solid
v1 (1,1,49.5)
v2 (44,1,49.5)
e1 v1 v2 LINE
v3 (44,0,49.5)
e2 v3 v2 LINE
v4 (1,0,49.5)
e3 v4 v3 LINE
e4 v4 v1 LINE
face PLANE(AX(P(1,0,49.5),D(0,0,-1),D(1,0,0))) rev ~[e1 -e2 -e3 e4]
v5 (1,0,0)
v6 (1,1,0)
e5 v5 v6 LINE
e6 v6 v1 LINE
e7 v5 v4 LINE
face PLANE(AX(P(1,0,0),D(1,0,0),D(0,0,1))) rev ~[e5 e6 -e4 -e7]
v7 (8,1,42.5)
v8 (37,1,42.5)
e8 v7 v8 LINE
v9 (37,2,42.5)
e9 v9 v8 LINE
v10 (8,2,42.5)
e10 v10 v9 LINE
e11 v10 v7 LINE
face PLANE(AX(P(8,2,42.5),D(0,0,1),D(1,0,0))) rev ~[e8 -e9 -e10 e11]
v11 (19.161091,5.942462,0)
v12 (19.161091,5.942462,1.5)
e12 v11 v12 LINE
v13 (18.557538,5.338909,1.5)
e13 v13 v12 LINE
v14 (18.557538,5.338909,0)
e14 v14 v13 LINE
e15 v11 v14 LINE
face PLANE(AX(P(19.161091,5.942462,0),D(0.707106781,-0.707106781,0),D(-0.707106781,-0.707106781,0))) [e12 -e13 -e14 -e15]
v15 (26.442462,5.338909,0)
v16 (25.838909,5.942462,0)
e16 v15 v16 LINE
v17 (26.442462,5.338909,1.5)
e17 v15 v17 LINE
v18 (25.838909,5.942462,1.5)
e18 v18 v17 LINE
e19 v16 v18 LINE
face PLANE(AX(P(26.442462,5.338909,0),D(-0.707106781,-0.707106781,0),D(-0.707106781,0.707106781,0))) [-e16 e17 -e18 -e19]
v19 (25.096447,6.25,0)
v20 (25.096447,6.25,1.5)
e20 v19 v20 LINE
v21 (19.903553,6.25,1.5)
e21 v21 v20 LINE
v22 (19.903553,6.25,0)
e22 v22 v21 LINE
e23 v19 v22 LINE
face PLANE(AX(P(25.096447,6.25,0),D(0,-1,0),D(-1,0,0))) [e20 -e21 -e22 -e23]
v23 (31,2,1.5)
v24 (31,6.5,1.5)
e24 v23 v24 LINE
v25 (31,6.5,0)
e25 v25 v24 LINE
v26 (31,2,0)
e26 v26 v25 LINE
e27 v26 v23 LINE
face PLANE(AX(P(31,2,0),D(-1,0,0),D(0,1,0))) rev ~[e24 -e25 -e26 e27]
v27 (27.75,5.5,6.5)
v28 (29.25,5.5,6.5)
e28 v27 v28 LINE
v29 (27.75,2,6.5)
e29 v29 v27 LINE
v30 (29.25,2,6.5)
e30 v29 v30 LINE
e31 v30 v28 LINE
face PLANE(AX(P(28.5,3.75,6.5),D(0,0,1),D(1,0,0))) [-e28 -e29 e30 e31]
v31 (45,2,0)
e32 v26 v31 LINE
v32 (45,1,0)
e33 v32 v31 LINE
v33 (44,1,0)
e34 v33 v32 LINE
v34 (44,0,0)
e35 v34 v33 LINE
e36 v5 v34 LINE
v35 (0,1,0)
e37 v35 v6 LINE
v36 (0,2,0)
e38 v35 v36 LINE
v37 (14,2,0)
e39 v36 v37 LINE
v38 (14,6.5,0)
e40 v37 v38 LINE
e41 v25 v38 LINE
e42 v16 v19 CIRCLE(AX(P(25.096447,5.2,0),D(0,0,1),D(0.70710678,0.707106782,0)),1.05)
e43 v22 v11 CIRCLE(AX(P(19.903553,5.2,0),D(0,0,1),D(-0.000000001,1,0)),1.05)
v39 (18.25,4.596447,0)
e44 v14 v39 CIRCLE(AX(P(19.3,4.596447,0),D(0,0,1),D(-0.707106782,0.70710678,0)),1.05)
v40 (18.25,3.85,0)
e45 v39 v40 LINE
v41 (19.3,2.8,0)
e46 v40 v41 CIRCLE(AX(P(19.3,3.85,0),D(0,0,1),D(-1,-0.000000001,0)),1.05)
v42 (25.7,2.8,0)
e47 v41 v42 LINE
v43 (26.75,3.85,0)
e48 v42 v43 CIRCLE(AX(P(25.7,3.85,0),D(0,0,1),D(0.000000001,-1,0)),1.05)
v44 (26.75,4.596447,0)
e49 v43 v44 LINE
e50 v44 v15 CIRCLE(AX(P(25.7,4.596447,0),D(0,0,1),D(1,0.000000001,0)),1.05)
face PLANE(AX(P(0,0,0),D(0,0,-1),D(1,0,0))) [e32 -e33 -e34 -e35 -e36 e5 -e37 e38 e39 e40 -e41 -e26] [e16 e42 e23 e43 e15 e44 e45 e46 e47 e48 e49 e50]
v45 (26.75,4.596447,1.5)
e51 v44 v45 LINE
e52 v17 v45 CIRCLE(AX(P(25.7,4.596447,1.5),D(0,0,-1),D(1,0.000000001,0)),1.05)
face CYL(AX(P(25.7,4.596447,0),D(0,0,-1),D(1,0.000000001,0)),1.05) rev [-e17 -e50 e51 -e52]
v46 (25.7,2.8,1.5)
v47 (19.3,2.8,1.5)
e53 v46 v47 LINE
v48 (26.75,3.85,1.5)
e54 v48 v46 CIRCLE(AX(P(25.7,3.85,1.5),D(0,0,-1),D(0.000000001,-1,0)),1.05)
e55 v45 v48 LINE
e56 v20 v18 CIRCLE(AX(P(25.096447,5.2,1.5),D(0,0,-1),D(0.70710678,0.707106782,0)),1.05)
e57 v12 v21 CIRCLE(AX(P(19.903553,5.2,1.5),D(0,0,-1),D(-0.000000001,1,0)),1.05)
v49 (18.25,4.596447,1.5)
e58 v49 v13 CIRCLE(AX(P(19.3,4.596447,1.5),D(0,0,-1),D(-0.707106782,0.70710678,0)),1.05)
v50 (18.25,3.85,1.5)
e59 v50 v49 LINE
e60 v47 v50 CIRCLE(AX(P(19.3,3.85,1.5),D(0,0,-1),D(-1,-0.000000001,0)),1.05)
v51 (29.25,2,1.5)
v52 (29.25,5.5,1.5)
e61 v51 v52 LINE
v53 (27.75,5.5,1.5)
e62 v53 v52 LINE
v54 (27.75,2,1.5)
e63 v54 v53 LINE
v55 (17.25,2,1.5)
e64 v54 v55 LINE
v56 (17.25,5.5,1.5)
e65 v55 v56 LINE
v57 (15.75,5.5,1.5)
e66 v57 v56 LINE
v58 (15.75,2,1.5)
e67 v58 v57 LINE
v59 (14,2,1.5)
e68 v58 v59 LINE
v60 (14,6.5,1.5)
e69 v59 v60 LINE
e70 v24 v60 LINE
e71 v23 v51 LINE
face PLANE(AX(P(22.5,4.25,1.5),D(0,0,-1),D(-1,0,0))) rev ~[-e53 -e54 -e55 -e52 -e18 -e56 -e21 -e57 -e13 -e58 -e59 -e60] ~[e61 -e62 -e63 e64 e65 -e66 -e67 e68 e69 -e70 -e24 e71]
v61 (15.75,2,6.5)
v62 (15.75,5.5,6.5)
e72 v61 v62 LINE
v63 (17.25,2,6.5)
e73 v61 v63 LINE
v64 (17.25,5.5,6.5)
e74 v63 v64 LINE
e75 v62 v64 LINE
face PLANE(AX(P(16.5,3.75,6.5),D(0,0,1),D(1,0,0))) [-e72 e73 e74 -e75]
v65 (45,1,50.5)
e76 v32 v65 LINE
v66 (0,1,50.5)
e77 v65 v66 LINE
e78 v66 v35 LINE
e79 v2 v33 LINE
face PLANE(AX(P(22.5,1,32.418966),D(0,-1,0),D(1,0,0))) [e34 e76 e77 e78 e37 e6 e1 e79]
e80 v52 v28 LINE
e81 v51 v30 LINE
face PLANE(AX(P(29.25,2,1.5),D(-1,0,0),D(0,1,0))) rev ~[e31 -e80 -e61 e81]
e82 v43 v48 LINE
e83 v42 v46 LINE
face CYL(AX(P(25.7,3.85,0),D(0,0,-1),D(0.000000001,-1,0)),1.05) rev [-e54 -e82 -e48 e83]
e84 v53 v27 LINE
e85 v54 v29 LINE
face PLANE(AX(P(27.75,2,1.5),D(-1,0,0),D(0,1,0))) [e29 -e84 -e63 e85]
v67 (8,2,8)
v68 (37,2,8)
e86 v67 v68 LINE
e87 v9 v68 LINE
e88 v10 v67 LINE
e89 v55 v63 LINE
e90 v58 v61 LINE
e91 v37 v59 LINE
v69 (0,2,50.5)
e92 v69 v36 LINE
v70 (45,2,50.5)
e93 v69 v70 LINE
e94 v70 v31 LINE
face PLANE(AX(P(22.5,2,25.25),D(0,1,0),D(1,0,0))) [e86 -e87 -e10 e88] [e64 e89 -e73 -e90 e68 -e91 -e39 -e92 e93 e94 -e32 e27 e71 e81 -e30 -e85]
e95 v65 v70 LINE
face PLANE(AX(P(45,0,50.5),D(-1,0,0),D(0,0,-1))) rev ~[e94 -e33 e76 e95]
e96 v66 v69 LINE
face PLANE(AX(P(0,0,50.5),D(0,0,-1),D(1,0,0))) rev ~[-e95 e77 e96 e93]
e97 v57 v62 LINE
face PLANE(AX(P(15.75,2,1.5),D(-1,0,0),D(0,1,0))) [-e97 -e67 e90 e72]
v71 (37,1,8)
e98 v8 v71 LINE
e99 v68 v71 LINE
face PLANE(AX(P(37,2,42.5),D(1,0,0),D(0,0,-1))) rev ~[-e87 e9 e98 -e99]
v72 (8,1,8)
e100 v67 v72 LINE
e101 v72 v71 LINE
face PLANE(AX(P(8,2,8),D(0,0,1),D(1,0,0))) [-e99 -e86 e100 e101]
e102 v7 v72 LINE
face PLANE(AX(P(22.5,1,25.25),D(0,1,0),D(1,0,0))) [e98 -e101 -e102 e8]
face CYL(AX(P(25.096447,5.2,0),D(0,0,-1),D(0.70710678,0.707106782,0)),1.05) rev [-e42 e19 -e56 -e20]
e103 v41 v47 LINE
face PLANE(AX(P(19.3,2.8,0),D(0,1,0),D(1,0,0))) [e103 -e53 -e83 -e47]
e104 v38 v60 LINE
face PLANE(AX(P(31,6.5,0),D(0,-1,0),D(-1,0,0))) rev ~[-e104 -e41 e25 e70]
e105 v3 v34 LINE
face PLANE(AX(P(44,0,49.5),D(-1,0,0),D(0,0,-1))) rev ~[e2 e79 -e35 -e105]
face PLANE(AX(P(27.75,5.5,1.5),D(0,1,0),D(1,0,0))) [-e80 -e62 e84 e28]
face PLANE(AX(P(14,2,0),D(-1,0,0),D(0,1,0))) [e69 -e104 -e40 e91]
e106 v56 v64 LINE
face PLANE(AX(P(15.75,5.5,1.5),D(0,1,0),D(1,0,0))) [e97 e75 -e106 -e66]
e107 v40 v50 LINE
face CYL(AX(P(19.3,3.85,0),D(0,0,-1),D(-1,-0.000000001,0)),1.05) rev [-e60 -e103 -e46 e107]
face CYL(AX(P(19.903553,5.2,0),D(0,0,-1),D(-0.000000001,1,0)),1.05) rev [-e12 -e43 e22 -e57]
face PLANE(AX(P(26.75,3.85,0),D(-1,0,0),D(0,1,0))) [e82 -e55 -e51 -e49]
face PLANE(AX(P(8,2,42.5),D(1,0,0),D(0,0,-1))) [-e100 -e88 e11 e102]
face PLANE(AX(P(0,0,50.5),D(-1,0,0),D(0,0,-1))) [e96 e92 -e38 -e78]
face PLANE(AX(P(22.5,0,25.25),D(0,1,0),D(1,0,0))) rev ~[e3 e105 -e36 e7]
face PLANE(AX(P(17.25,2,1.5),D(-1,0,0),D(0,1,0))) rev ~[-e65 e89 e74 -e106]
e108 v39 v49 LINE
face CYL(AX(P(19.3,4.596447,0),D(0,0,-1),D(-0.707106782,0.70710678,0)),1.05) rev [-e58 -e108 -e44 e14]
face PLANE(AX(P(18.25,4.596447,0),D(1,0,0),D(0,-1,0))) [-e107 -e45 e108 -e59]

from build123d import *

# Parameters (mm, degrees)
CROQUIS1_W              = 45
CROQUIS1_H              = 50.5
SALIENTE_EXTRUIR1_DEPTH = 2
CROQUIS10_W             = 29
CROQUIS10_H             = 34.5
CORTAR_EXTRUIR5_DEPTH   = 1
CORTAR_EXTRUIR6_DEPTH   = 1
CROQUIS6_W              = 17
CROQUIS6_H              = 4.5
SALIENTE_EXTRUIR5_DEPTH = 1.5
CORTAR_EXTRUIR4_REACH   = 52.5
CROQUIS9_W              = 1.5
CROQUIS9_H              = 3.5
SALIENTE_EXTRUIR6_DEPTH = 5


with BuildPart() as part:
    # Croquis1 → Saliente-Extruir1 (new body)
    with BuildSketch(Plane(origin=(0, 0, 0), x_dir=(1, 0, 0), z_dir=(0, 1, 0))):
        with Locations((22.5, -25.25)):
            Rectangle(CROQUIS1_W, CROQUIS1_H)
    extrude(amount=SALIENTE_EXTRUIR1_DEPTH)

    # Croquis10 → Cortar-Extruir5 (cut)
    with BuildSketch(Plane(origin=(0, 2, 0), x_dir=(1, 0, 0), z_dir=(0, 1, 0))):
        with Locations((22.5, -25.25)):
            Rectangle(CROQUIS10_W, CROQUIS10_H)
    extrude(amount=-CORTAR_EXTRUIR5_DEPTH, mode=Mode.SUBTRACT)

    # Croquis11 → Cortar-Extruir6 (cut)
    with BuildSketch(Plane.XZ):
        Polygon((45, 0), (45, 50.5), (0, 50.5), (0, 0), (1, 0), (1, 49.5), (44, 49.5), (44, 0), align=None)
    extrude(amount=-CORTAR_EXTRUIR6_DEPTH, mode=Mode.SUBTRACT)

    # Croquis6 → Saliente-Extruir5 (add)
    with BuildSketch(Plane(origin=(0, 0, 0), x_dir=(-1, 0, 0), z_dir=(0, 0, -1))):
        with Locations((-22.5, 4.25)):
            Rectangle(CROQUIS6_W, CROQUIS6_H)
    extrude(amount=-SALIENTE_EXTRUIR5_DEPTH)

    # Croquis8 → Cortar-Extruir4 (cut, up to next)
    with BuildSketch(Plane(origin=(0, 0, 0), x_dir=(-1, 0, 0), z_dir=(0, 0, -1)), mode=Mode.PRIVATE) as cortar_extruir4_sk1:
        with BuildLine():
            Line((-19.16109127, 5.94246212), (-18.55753788, 5.33890873))
            ThreePointArc((-18.55753788, 5.33890873), (-18.329926491, 4.998264213), (-18.25, 4.596446609))
            Line((-18.25, 4.596446609), (-18.25, 3.85))
            ThreePointArc((-18.25, 3.85), (-18.55753788, 3.10753788), (-19.3, 2.8))
            Line((-19.3, 2.8), (-25.7, 2.8))
            ThreePointArc((-25.7, 2.8), (-26.44246212, 3.10753788), (-26.75, 3.85))
            Line((-26.75, 3.85), (-26.75, 4.596446609))
            ThreePointArc((-26.75, 4.596446609), (-26.670073509, 4.998264213), (-26.44246212, 5.33890873))
            Line((-26.44246212, 5.33890873), (-25.83890873, 5.94246212))
            ThreePointArc((-25.83890873, 5.94246212), (-25.498264213, 6.170073509), (-25.096446609, 6.25))
            Line((-25.096446609, 6.25), (-19.903553391, 6.25))
            ThreePointArc((-19.903553391, 6.25), (-19.501735787, 6.170073509), (-19.16109127, 5.94246212))
        make_face()
    cortar_extruir4_tool1 = extrude(cortar_extruir4_sk1.sketch, amount=-CORTAR_EXTRUIR4_REACH, mode=Mode.PRIVATE) & part.part
    add(cortar_extruir4_tool1.solids().sort_by_distance((22.5, 4.475322, 0))[0], mode=Mode.SUBTRACT)

    # Croquis9 → Saliente-Extruir6 (add)
    with BuildSketch(Plane.XY.offset(1.5)):
        with Locations((28.5, 3.75)):
            Rectangle(CROQUIS9_W, CROQUIS9_H)
        with Locations((16.5, 3.75)):
            Rectangle(CROQUIS9_W, CROQUIS9_H)
    extrude(amount=SALIENTE_EXTRUIR6_DEPTH)


solid = part.part
